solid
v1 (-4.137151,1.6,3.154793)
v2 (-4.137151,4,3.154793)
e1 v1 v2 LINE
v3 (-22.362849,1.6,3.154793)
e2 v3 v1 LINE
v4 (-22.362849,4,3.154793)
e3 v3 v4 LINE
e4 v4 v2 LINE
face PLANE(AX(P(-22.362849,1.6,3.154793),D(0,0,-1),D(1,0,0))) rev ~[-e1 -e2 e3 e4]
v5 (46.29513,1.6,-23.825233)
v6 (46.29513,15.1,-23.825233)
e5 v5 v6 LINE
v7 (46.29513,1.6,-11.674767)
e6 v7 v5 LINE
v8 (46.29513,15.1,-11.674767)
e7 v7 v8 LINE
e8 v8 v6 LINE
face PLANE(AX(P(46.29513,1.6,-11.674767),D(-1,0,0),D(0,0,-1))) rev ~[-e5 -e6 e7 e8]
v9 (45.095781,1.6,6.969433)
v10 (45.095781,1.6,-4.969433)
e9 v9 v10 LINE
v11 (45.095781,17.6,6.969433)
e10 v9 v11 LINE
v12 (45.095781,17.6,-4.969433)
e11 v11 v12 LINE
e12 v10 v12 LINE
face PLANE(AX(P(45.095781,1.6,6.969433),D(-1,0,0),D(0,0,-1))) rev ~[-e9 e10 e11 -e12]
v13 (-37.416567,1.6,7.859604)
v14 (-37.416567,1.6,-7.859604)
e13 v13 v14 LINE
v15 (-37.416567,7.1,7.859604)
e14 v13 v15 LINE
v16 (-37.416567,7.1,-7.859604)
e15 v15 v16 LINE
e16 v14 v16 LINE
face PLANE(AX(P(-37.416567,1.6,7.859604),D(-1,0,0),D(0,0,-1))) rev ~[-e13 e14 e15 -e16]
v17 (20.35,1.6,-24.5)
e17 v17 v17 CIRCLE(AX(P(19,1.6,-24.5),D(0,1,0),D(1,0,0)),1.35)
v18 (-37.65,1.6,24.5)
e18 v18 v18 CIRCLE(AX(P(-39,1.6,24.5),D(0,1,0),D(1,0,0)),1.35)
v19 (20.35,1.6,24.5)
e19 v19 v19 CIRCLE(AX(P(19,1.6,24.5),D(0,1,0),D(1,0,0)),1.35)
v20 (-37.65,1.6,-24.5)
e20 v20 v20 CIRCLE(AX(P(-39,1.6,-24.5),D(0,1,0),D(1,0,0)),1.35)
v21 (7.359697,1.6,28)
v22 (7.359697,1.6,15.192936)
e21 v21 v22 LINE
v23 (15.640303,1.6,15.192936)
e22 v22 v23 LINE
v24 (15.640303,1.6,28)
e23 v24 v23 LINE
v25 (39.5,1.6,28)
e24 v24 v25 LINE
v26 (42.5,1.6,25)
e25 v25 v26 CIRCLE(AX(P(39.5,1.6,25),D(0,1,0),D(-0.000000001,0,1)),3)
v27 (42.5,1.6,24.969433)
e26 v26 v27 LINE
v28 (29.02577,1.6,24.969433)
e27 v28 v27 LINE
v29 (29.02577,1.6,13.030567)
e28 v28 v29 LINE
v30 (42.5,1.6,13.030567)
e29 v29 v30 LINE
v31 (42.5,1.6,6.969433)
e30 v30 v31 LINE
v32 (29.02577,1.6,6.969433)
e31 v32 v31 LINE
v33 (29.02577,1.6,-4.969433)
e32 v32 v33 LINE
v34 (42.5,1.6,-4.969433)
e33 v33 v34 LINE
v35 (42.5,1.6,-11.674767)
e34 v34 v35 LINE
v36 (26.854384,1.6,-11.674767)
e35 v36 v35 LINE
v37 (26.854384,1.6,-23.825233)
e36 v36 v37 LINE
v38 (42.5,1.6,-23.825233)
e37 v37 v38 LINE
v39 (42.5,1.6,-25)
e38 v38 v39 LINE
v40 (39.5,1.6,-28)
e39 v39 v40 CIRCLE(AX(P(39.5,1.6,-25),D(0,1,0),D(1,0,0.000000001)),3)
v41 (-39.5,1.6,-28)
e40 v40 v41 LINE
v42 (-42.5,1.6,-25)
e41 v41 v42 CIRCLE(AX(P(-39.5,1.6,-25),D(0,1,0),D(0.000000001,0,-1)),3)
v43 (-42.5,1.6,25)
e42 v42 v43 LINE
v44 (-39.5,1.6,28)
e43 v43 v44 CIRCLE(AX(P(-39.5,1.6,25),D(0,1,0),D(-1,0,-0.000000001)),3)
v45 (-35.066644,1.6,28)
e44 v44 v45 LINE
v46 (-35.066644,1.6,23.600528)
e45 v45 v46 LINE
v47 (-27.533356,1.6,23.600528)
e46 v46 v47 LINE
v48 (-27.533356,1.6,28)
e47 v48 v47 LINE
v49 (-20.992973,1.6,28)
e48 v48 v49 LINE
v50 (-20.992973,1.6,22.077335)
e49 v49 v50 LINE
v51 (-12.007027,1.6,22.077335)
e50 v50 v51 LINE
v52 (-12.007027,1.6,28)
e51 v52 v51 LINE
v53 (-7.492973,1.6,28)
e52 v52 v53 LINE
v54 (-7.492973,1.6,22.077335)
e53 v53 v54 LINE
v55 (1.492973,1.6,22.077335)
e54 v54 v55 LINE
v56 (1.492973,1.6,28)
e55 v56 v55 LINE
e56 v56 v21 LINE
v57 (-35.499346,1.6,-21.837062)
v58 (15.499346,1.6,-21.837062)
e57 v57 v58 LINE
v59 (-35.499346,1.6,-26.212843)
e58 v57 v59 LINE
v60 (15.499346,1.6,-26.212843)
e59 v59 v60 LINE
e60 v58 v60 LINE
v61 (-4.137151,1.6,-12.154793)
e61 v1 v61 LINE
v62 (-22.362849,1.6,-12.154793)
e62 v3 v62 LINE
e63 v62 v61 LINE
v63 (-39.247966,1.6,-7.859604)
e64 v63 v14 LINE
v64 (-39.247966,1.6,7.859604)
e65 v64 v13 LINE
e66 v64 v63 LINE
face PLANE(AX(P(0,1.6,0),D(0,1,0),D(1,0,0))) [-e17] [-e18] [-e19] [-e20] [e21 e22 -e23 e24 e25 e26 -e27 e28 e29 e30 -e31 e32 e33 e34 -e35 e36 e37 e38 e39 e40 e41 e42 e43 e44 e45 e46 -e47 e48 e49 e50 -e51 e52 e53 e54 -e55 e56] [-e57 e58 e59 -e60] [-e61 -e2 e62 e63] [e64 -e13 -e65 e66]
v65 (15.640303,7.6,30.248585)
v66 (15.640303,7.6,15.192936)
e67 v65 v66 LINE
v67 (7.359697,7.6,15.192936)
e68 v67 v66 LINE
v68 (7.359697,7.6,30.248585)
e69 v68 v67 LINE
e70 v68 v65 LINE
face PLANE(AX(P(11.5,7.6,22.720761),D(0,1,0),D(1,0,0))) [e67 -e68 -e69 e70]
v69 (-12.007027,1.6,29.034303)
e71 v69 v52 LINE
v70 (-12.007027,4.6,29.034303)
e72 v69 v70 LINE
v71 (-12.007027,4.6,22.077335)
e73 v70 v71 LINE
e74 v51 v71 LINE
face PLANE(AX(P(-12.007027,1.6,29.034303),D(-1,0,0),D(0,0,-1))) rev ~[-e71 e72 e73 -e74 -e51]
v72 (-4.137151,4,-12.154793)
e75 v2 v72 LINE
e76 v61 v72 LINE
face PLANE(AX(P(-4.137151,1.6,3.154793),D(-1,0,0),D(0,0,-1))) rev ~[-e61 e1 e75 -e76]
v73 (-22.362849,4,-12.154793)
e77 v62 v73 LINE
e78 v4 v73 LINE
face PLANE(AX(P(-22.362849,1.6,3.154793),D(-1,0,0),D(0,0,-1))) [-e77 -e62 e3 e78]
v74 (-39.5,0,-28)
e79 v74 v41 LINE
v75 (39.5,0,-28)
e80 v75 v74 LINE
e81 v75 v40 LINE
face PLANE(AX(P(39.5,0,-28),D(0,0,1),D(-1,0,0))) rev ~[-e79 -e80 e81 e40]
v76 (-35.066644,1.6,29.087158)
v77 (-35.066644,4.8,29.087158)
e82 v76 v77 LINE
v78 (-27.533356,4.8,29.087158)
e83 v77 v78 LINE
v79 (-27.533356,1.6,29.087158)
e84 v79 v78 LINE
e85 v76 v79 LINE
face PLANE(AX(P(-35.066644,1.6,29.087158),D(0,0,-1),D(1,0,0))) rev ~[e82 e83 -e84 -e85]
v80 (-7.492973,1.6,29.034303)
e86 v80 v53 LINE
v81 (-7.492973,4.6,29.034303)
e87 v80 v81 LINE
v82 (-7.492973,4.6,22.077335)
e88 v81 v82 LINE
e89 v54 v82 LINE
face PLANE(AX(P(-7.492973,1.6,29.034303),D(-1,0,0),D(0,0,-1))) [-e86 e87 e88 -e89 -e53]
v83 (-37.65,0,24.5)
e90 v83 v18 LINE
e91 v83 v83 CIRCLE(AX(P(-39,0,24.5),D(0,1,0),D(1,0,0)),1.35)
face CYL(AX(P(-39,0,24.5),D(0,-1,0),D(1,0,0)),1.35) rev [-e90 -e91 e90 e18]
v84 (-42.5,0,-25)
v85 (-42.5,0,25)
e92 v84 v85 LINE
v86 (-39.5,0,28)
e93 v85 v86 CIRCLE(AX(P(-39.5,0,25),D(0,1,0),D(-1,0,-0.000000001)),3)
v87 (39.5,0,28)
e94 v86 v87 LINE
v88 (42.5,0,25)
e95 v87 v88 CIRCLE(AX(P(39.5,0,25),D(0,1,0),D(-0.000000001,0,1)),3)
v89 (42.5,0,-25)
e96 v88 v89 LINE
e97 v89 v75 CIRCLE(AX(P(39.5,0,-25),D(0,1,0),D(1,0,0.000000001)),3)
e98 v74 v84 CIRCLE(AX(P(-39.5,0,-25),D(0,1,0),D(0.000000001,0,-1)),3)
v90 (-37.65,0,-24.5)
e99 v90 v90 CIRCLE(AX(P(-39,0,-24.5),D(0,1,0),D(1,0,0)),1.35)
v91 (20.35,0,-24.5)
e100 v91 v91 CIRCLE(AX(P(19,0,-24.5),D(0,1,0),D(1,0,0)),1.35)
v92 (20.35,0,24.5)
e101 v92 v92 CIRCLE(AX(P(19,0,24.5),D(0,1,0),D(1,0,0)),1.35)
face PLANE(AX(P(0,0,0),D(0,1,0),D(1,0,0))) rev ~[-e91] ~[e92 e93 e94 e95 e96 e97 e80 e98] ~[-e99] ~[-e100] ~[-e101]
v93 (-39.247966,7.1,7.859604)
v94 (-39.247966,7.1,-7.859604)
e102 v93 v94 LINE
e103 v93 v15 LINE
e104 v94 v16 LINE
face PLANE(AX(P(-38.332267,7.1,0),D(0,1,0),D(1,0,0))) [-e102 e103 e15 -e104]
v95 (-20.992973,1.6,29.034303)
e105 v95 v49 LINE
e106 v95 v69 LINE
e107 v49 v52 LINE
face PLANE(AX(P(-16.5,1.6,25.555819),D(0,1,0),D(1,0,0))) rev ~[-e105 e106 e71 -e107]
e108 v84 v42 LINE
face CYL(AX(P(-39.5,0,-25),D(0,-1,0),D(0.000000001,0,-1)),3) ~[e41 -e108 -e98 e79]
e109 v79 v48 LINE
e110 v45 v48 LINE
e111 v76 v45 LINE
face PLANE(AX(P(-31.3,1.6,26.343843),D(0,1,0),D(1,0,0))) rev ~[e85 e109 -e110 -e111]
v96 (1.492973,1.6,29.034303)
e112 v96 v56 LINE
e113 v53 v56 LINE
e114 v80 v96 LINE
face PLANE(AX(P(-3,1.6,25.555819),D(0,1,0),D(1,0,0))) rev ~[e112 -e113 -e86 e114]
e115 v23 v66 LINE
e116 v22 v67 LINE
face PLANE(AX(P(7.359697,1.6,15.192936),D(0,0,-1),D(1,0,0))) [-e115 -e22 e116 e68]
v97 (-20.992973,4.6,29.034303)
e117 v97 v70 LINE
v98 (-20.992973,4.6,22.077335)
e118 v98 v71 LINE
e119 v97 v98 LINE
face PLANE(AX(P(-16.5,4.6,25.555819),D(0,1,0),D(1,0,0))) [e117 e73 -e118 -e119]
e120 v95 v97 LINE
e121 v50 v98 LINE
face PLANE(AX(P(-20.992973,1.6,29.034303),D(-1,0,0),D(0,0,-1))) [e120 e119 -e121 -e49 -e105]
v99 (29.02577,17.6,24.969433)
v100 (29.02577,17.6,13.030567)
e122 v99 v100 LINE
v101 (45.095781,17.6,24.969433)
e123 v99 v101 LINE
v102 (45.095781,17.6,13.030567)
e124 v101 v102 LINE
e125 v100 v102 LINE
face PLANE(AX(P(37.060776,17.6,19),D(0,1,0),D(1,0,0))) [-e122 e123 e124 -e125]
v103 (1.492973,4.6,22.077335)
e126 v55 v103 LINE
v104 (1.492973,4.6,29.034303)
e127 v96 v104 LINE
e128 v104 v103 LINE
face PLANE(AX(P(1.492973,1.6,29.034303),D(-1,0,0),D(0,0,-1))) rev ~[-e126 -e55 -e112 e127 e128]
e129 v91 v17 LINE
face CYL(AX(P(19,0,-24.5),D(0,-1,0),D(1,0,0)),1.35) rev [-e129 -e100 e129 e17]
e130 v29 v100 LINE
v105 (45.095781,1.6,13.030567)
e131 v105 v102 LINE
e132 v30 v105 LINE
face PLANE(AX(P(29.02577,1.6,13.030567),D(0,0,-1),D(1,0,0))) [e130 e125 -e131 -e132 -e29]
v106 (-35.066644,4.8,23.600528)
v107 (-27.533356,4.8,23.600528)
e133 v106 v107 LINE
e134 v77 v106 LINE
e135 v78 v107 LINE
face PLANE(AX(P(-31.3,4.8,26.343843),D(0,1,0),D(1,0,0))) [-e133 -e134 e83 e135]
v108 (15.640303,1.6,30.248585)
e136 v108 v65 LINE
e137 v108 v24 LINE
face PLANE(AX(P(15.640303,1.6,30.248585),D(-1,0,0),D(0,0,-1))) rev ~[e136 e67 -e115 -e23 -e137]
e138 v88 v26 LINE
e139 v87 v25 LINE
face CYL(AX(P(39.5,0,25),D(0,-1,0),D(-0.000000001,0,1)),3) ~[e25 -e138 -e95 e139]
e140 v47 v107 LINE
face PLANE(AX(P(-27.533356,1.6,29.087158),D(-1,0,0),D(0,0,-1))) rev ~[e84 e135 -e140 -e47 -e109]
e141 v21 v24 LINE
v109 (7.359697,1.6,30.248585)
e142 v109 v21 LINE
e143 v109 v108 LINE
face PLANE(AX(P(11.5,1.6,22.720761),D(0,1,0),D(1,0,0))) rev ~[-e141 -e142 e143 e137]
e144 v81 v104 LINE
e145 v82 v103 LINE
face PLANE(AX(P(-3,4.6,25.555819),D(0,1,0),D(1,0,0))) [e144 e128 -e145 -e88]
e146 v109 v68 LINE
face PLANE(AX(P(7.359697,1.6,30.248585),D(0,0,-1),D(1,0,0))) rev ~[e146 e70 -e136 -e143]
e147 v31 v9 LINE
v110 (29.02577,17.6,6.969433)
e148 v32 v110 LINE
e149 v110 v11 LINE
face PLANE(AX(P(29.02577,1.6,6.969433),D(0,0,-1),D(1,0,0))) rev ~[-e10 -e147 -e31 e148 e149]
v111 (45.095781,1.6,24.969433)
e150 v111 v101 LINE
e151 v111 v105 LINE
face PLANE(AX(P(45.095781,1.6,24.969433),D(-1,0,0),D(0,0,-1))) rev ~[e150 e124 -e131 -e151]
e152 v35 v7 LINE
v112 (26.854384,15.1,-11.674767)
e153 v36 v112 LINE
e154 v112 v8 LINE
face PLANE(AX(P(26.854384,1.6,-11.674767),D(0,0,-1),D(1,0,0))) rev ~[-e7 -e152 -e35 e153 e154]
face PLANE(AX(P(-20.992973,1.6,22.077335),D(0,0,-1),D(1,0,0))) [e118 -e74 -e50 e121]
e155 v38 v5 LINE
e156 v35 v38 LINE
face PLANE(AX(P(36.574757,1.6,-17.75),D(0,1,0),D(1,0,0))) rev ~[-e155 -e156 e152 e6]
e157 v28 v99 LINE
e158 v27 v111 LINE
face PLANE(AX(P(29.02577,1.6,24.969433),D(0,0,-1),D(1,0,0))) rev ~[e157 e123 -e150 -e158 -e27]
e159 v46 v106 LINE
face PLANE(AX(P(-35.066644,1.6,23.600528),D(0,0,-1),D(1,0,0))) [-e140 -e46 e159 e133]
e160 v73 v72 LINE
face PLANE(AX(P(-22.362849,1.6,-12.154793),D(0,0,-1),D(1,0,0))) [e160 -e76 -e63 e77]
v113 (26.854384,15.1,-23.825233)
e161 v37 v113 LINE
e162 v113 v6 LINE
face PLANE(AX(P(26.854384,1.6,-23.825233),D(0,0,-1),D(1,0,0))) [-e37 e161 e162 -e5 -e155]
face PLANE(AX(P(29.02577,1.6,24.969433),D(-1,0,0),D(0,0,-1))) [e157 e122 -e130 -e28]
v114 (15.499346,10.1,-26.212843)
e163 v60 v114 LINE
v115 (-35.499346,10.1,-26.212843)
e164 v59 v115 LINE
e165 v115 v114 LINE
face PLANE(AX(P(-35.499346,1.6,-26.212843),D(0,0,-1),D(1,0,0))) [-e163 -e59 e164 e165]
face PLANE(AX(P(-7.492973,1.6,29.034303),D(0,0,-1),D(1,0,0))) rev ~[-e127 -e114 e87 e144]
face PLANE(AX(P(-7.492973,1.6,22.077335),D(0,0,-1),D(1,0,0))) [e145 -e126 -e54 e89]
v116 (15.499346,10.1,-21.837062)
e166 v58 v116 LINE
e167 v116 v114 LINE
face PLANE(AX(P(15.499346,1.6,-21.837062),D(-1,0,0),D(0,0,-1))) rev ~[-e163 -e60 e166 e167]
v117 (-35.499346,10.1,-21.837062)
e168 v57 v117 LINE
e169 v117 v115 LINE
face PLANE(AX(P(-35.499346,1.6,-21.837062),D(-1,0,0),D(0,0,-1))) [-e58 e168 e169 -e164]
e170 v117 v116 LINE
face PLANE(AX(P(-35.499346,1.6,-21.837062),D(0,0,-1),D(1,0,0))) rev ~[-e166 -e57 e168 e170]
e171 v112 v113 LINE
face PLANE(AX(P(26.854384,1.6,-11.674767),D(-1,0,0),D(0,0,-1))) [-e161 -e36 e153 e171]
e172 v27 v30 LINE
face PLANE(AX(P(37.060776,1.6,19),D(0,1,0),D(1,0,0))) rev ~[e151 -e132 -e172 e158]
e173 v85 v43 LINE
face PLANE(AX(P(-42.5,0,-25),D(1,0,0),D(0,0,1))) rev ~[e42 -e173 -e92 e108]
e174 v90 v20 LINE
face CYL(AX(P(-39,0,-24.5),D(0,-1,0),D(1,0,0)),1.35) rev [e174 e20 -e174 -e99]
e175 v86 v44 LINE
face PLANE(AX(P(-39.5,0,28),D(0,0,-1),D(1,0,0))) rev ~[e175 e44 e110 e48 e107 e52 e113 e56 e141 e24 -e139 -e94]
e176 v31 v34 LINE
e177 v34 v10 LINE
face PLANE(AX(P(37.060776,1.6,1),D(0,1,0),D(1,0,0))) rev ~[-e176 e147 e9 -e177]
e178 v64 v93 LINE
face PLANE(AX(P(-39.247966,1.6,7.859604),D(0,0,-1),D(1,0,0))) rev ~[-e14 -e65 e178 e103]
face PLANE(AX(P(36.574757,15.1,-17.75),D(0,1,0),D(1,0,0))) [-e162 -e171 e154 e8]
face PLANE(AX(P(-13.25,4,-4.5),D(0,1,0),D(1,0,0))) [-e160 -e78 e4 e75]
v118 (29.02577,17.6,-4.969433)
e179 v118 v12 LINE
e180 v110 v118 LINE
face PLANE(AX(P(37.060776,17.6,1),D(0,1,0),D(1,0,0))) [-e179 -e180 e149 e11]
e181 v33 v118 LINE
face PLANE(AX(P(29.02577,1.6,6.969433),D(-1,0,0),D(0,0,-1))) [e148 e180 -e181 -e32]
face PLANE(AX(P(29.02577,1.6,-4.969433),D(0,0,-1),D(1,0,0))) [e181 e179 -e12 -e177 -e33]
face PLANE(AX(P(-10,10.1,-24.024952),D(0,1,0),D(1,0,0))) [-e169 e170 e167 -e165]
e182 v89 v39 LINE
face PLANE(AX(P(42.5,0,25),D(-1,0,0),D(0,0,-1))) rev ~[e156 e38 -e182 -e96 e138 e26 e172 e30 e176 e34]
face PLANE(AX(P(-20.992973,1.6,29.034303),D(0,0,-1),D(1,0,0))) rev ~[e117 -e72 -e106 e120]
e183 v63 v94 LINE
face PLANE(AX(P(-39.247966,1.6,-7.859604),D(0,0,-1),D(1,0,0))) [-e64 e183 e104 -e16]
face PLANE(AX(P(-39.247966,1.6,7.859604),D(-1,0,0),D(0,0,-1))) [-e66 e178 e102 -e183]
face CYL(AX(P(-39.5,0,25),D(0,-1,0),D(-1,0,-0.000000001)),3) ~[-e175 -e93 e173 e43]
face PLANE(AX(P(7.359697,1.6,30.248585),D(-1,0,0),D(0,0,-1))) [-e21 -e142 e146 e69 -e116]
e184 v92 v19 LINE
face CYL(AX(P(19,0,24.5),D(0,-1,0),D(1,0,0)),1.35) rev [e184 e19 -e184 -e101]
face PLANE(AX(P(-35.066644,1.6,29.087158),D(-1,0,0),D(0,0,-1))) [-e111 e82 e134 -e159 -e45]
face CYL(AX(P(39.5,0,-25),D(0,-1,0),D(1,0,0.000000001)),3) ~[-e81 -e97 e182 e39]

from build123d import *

# Parameters (mm, degrees)
SKETCH1_R           = 1.35
BOSS_EXTRUDE1_DEPTH = 1.6
SKETCH2_W           = 7.53328877
SKETCH2_H           = 5.48663035
BOSS_EXTRUDE2_DEPTH = 3.2
SKETCH3_W           = 8.985946342
SKETCH3_H           = 6.956967826
BOSS_EXTRUDE3_DEPTH = 3
SKETCH4_W           = 8.28060663
SKETCH4_H           = 15.055648418
BOSS_EXTRUDE4_DEPTH = 6
SKETCH5_W           = 16.070010529
SKETCH5_H           = 11.93886501
BOSS_EXTRUDE5_DEPTH = 16
SKETCH6_W           = 19.440745211
SKETCH6_H           = 12.150465756
BOSS_EXTRUDE6_DEPTH = 13.5
SKETCH7_W           = 18.225698636
SKETCH7_H           = 15.309586854
BOSS_EXTRUDE7_DEPTH = 2.4
SKETCH8_W           = 50.998692198
SKETCH8_H           = 4.375780892
BOSS_EXTRUDE8_DEPTH = 8.5
SKETCH9_W           = 1.831399212
SKETCH9_H           = 15.719207136
BOSS_EXTRUDE9_DEPTH = 5.5


with BuildPart() as part:
    # Sketch1 → Boss-Extrude1 (new body)
    with BuildSketch(Plane(origin=(0, 0, 0), x_dir=(1, 0, 0), z_dir=(0, 1, 0))):
        with BuildLine():
            Line((-39.5, -28), (39.5, -28))
            ThreePointArc((39.5, -28), (41.621320344, -27.121320344), (42.5, -25))
            Line((42.5, -25), (42.5, 25))
            ThreePointArc((42.5, 25), (41.621320344, 27.121320344), (39.5, 28))
            Line((39.5, 28), (-39.5, 28))
            ThreePointArc((-39.5, 28), (-41.621320344, 27.121320344), (-42.5, 25))
            Line((-42.5, 25), (-42.5, -25))
            ThreePointArc((-42.5, -25), (-41.621320344, -27.121320344), (-39.5, -28))
        make_face()
        with Locations((-39, 24.5)):
            Circle(SKETCH1_R, mode=Mode.SUBTRACT)
        with Locations((19, 24.5)):
            Circle(SKETCH1_R, mode=Mode.SUBTRACT)
        with Locations((19, -24.5)):
            Circle(SKETCH1_R, mode=Mode.SUBTRACT)
        with Locations((-39, -24.5)):
            Circle(SKETCH1_R, mode=Mode.SUBTRACT)
    extrude(amount=BOSS_EXTRUDE1_DEPTH)

    # Sketch2 → Boss-Extrude2 (add)
    with BuildSketch(Plane(origin=(0, 1.6, 0), x_dir=(1, 0, 0), z_dir=(0, 1, 0))):
        with Locations((-31.3, -26.343842904)):
            Rectangle(SKETCH2_W, SKETCH2_H)
    extrude(amount=BOSS_EXTRUDE2_DEPTH)

    # Sketch3 → Boss-Extrude3 (add)
    with BuildSketch(Plane(origin=(0, 1.6, 0), x_dir=(1, 0, 0), z_dir=(0, 1, 0))):
        with Locations((-16.5, -25.555818694)):
            Rectangle(SKETCH3_W, SKETCH3_H)
        with Locations((-3, -25.555818694)):
            Rectangle(SKETCH3_W, SKETCH3_H)
    extrude(amount=BOSS_EXTRUDE3_DEPTH)

    # Sketch4 → Boss-Extrude4 (add)
    with BuildSketch(Plane(origin=(0, 1.6, 0), x_dir=(1, 0, 0), z_dir=(0, 1, 0))):
        with Locations((11.5, -22.720760552)):
            Rectangle(SKETCH4_W, SKETCH4_H)
    extrude(amount=BOSS_EXTRUDE4_DEPTH)

    # Sketch5 → Boss-Extrude5 (add)
    with BuildSketch(Plane(origin=(0, 1.6, 0), x_dir=(1, 0, 0), z_dir=(0, 1, 0))):
        with Locations((37.060775688, -19)):
            Rectangle(SKETCH5_W, SKETCH5_H)
        with Locations((37.060775688, -1)):
            Rectangle(SKETCH5_W, SKETCH5_H)
    extrude(amount=BOSS_EXTRUDE5_DEPTH)

    # Sketch6 → Boss-Extrude6 (add)
    with BuildSketch(Plane(origin=(0, 1.6, 0), x_dir=(1, 0, 0), z_dir=(0, 1, 0))):
        with Locations((36.574757039, 17.75)):
            Rectangle(SKETCH6_W, SKETCH6_H)
    extrude(amount=BOSS_EXTRUDE6_DEPTH)

    # Sketch7 → Boss-Extrude7 (add)
    with BuildSketch(Plane(origin=(0, 1.6, 0), x_dir=(1, 0, 0), z_dir=(0, 1, 0))):
        with Locations((-13.25, 4.5)):
            Rectangle(SKETCH7_W, SKETCH7_H)
    extrude(amount=BOSS_EXTRUDE7_DEPTH)

    # Sketch8 → Boss-Extrude8 (add)
    with BuildSketch(Plane(origin=(0, 1.6, 0), x_dir=(1, 0, 0), z_dir=(0, 1, 0))):
        with Locations((-10, 24.024952291)):
            Rectangle(SKETCH8_W, SKETCH8_H)
    extrude(amount=BOSS_EXTRUDE8_DEPTH)

    # Sketch9 → Boss-Extrude9 (add)
    with BuildSketch(Plane(origin=(0, 1.6, 0), x_dir=(1, 0, 0), z_dir=(0, 1, 0))):
        with Locations((-38.332266869, 0)):
            Rectangle(SKETCH9_W, SKETCH9_H)
    extrude(amount=BOSS_EXTRUDE9_DEPTH)


solid = part.part
